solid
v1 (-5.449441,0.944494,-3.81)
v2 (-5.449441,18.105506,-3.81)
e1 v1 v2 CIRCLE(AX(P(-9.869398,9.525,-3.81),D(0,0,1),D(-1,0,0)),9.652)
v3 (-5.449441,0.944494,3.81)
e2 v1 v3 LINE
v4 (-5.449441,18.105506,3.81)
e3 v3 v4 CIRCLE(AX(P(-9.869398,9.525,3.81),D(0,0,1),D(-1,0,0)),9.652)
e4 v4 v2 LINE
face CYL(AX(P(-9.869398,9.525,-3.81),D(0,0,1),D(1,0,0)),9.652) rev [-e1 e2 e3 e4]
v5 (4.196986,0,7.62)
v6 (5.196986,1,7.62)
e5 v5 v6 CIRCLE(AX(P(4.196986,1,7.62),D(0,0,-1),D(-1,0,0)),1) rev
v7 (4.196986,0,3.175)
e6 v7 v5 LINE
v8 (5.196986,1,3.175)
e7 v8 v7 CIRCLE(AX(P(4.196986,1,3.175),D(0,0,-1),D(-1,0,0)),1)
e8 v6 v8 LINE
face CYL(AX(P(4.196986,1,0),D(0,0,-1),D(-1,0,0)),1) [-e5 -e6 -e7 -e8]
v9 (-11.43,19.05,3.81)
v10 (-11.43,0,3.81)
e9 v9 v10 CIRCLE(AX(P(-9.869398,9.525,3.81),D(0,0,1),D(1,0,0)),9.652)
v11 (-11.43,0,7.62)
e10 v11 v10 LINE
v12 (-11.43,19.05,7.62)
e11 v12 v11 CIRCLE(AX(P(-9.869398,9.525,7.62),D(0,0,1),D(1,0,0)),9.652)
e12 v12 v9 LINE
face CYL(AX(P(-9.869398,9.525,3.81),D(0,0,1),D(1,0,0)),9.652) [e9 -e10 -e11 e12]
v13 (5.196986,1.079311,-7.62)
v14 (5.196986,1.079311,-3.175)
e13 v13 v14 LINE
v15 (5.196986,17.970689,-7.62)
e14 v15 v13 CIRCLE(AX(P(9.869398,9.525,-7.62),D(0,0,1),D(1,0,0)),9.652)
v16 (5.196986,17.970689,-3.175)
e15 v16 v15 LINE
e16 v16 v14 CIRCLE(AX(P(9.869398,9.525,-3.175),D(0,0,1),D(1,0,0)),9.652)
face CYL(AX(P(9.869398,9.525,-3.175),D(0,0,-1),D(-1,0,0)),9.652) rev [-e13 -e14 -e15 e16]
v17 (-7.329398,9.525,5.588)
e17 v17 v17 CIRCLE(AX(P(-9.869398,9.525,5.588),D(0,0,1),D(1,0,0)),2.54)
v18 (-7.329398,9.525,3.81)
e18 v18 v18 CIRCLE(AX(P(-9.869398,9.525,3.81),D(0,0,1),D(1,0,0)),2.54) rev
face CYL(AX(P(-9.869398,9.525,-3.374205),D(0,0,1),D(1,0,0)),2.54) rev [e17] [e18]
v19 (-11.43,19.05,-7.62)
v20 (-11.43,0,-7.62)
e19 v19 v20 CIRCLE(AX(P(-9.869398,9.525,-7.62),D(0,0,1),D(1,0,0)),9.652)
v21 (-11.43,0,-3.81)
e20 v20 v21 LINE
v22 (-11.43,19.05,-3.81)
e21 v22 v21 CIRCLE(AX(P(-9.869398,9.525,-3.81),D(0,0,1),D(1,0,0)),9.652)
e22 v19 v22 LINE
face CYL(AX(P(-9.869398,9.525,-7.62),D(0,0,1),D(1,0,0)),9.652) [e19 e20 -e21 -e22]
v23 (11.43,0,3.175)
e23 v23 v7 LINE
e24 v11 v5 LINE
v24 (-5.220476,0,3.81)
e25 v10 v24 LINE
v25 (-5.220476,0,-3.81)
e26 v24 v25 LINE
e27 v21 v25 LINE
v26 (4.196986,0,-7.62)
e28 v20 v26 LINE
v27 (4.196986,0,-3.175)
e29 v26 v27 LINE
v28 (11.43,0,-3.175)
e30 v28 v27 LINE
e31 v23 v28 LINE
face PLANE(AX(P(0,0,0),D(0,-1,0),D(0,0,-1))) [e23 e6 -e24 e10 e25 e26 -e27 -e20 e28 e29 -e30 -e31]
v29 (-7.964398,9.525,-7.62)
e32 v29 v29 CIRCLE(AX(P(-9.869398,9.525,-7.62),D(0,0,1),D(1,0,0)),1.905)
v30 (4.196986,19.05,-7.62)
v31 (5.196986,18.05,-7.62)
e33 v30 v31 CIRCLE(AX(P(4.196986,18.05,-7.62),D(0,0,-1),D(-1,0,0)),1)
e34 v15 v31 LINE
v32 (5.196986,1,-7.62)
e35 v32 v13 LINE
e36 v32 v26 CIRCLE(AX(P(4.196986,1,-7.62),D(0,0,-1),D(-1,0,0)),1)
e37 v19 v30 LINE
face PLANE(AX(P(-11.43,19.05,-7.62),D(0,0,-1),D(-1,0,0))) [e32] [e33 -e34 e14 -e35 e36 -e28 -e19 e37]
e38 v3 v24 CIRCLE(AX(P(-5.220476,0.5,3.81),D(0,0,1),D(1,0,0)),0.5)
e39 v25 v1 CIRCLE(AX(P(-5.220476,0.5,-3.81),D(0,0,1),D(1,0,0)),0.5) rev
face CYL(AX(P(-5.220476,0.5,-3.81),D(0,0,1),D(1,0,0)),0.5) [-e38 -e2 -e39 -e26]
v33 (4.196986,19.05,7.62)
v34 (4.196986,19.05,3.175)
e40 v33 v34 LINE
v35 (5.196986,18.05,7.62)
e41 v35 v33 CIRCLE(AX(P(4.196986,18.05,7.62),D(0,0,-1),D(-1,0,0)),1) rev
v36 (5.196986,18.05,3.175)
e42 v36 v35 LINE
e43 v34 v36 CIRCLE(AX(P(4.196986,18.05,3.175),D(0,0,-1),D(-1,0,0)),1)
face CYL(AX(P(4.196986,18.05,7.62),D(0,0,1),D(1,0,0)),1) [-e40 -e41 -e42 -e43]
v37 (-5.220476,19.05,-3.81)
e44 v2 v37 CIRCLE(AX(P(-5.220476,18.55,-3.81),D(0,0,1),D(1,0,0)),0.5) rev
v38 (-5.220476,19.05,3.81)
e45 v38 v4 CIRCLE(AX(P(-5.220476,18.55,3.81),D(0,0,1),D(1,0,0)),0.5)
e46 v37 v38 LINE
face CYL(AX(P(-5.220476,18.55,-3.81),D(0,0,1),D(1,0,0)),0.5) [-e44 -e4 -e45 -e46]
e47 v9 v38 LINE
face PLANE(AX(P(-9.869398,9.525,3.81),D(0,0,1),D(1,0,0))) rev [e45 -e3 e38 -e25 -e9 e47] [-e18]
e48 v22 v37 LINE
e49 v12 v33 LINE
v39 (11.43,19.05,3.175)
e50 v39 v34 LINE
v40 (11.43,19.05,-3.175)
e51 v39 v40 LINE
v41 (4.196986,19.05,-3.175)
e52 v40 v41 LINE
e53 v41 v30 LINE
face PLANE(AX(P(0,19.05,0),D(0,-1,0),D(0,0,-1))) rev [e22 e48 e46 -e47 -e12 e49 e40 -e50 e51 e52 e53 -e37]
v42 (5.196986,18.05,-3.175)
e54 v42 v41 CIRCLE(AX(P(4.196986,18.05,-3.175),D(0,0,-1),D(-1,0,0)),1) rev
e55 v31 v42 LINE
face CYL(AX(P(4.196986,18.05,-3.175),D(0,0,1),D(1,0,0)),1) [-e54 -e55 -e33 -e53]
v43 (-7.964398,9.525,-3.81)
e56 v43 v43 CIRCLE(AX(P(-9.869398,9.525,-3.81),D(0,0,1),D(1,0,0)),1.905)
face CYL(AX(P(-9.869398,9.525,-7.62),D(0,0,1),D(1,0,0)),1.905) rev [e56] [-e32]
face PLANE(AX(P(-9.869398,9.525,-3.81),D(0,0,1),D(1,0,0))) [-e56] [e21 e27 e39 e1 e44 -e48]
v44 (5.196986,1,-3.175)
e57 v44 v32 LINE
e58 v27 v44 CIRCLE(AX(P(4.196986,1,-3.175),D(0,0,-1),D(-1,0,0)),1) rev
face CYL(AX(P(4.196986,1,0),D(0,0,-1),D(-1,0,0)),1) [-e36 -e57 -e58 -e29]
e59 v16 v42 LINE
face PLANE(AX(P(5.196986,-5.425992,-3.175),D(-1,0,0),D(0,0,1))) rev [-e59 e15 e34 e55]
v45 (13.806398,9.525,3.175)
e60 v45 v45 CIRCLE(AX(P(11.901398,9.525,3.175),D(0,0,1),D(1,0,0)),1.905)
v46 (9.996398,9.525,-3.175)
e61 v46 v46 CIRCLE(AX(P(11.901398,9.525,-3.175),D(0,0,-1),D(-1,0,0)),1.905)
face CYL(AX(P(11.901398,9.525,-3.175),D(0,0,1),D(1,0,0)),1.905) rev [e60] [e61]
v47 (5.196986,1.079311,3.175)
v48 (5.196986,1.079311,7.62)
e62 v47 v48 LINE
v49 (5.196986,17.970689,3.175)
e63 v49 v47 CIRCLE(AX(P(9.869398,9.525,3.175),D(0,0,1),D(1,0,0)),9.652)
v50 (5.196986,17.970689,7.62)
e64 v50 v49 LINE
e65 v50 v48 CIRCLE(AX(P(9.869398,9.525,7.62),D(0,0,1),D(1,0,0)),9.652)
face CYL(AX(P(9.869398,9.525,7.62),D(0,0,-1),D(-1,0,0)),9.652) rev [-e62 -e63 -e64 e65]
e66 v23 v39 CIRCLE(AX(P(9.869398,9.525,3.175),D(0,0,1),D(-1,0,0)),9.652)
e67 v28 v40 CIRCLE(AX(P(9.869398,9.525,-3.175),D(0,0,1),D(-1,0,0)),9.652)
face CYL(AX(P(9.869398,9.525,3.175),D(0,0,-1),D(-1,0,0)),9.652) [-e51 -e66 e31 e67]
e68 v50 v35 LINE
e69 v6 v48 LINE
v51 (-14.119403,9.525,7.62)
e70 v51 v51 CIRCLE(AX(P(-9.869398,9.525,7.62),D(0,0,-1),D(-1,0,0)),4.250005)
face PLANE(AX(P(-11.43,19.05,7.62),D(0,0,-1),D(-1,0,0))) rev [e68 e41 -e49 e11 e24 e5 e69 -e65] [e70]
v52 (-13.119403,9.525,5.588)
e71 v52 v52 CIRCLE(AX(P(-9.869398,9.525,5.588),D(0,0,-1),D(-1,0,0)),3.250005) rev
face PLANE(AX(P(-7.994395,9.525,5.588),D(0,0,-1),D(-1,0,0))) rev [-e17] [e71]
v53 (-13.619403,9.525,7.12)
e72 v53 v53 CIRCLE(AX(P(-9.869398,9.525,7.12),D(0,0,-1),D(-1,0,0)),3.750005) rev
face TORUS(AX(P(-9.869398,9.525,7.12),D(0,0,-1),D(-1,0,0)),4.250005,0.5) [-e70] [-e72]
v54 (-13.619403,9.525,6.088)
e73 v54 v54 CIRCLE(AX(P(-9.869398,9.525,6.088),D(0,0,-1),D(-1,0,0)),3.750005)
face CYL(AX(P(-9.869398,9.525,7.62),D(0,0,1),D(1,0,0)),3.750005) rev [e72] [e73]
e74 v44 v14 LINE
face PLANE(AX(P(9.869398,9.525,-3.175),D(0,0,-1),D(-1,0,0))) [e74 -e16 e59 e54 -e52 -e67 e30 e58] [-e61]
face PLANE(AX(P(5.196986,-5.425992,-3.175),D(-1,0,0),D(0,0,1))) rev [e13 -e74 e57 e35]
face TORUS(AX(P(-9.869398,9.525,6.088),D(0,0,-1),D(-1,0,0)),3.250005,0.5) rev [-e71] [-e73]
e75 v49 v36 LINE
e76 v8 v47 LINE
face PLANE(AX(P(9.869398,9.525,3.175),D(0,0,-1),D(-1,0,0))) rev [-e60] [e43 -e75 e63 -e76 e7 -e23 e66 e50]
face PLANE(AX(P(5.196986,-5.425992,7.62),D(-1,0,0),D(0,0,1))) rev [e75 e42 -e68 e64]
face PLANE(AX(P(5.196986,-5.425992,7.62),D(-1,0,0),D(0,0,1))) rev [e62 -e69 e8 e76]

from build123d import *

# Parameters (mm, degrees)
SKETCH1_W                                       = 22.86
SKETCH1_H                                       = 15.24
BOSS_EXTRUDE1_DEPTH                             = 19.05
BOSS_EXTRUDE3_DEPTH                             = 3.81
LPATTERN1_COUNT                                 = 2
LPATTERN1_PITCH                                 = 11.43
SKETCH5_R                                       = 1.905
CUT_EXTRUDE2_DEPTH                              = 16.24
CUT_EXTRUDE3_DEPTH                              = 3.81
BOSS_EXTRUDE6_DEPTH                             = 3.175
SKETCH9_R                                       = 1.905
CUT_EXTRUDE4_DEPTH                              = 6.35
CUT_EXTRUDE5_DEPTH                              = 4.445
LPATTERN2_COUNT                                 = 2
LPATTERN2_PITCH                                 = 10.795
CBORE_FOR_6_PAN_HEAD_MACHINE_SCREW3_D           = 3.7500052
CBORE_FOR_6_PAN_HEAD_MACHINE_SCREW3_CBORE_D     = 7.5000104
CBORE_FOR_6_PAN_HEAD_MACHINE_SCREW3_CBORE_DEPTH = 2.032
SKETCH18_R                                      = 2.54
CUT_EXTRUDE8_DEPTH                              = 1.778
FILLET2_R                                       = 0.5
FILLET3_R                                       = 0.5
SKETCH19_W                                      = 3.111810153
SKETCH19_H                                      = 4.445
CUT_EXTRUDE9_DEPTH                              = 19.05
LPATTERN3_COUNT                                 = 2
LPATTERN3_PITCH                                 = 10.795
FILLET4_R                                       = 1


with BuildPart() as part:
    # Sketch1 → Boss-Extrude1 (new body)
    with BuildSketch(Plane(origin=(0, 0, 0), x_dir=(1, 0, 0), z_dir=(0, 1, 0))):
        Rectangle(SKETCH1_W, SKETCH1_H)
    extrude(amount=BOSS_EXTRUDE1_DEPTH)

    # Sketch3 → Boss-Extrude3 (add)
    with BuildSketch(Plane.XY.offset(7.62)):
        with BuildLine():
            Line((-11.43, 19.05), (-11.43, 0))
            ThreePointArc((-11.43, 0), (-19.521397873, 9.525), (-11.43, 19.05))
        make_face()
    boss_extrude3 = extrude(amount=-BOSS_EXTRUDE3_DEPTH)

    # LPattern1: Boss-Extrude3 ×2
    with Locations(*[(0, 0, -i * LPATTERN1_PITCH) for i in range(1, LPATTERN1_COUNT)]):
        add(boss_extrude3)

    # Sketch5 → Cut-Extrude2 (cut, through all)
    with BuildSketch(Plane.XY.offset(7.62)):
        with Locations((-9.869397873, 9.525)):
            Circle(SKETCH5_R)
    extrude(amount=-CUT_EXTRUDE2_DEPTH, mode=Mode.SUBTRACT)

    # Sketch6 → Cut-Extrude3 (cut, symmetric)
    with BuildSketch(Plane.XY):
        with BuildLine():
            Line((-11.43, 19.05), (-11.43, 0))
            ThreePointArc((-11.43, 0), (-0.217397873, 9.525), (-11.43, 19.05))
        make_face()
    extrude(amount=CUT_EXTRUDE3_DEPTH, both=True, mode=Mode.SUBTRACT)

    # Sketch8 → Boss-Extrude6 (add, symmetric)
    with BuildSketch(Plane.XY):
        with BuildLine():
            Line((11.43, 19.05), (11.43, 0))
            ThreePointArc((11.43, 0), (19.521397873, 9.525), (11.43, 19.05))
        make_face()
    extrude(amount=BOSS_EXTRUDE6_DEPTH, both=True)

    # Sketch9 → Cut-Extrude4 (cut)
    with BuildSketch(Plane.XY.offset(3.175)):
        with Locations(Location((11.901397873, 9.525, 0), (0, 0, 104.32684201))):  # turned: the seam where the file's is
            Circle(SKETCH9_R)
    extrude(amount=-CUT_EXTRUDE4_DEPTH, mode=Mode.SUBTRACT)

    # Sketch10 → Cut-Extrude5 (cut)
    with BuildSketch(Plane.XY.offset(3.175)):
        with BuildLine():
            Line((11.43, 19.05), (11.43, 0))
            ThreePointArc((11.43, 0), (0.217397873, 9.525), (11.43, 19.05))
        make_face()
    cut_extrude5 = extrude(amount=CUT_EXTRUDE5_DEPTH, mode=Mode.SUBTRACT)

    # LPattern2: Cut-Extrude5 ×2
    with Locations(*[(0, 0, -i * LPATTERN2_PITCH) for i in range(1, LPATTERN2_COUNT)]):
        add(cut_extrude5, mode=Mode.SUBTRACT)

    # CBORE for #6 Pan Head Machine Screw3 (through all)
    with Locations(Plane.XY.offset(7.62)):
        with Locations((-9.869397873, 9.525)):
            CounterBoreHole(CBORE_FOR_6_PAN_HEAD_MACHINE_SCREW3_D / 2, CBORE_FOR_6_PAN_HEAD_MACHINE_SCREW3_CBORE_D / 2, CBORE_FOR_6_PAN_HEAD_MACHINE_SCREW3_CBORE_DEPTH)

    # Sketch18 → Cut-Extrude8 (cut)
    with BuildSketch(Plane.XY.offset(5.588)):
        with Locations((-9.869397873, 9.525)):
            Circle(SKETCH18_R)
    extrude(amount=-CUT_EXTRUDE8_DEPTH, mode=Mode.SUBTRACT)

    # Fillet2
    fillet2_edges = [part.edges().sort_by_distance(p)[0] for p in [
        (-8.308795745, 19.05, 0),
        (-8.308795745, 0, 0),
    ]]
    fillet(fillet2_edges, radius=FILLET2_R)

    # Fillet3
    fillet3_edges = [part.edges().sort_by_distance(p)[0] for p in [
        (-13.619403073, 9.525, 7.62),
        (-13.619403073, 9.525, 5.588),
    ]]
    fillet(fillet3_edges, radius=FILLET3_R)

    # Sketch19 → Cut-Extrude9 (cut)
    with BuildSketch(Plane(origin=(0, 19.05, 0), x_dir=(1, 0, 0), z_dir=(0, 1, 0))):
        with Locations((6.752890669, -5.3975)):
            Rectangle(SKETCH19_W, SKETCH19_H)
    cut_extrude9 = extrude(amount=-CUT_EXTRUDE9_DEPTH, mode=Mode.SUBTRACT)

    # LPattern3: Cut-Extrude9 ×2
    with Locations(*[(0, 0, -i * LPATTERN3_PITCH) for i in range(1, LPATTERN3_COUNT)]):
        add(cut_extrude9, mode=Mode.SUBTRACT)

    # Fillet4
    fillet4_edges = [part.edges().sort_by_distance(p)[0] for p in [
        (5.196985592, 19.05, 5.3975),
        (5.196985592, 0, 5.3975),
        (5.196985592, 19.05, -5.3975),
        (5.196985592, 0, -5.3975),
    ]]
    fillet(fillet4_edges, radius=FILLET4_R)


solid = part.part
